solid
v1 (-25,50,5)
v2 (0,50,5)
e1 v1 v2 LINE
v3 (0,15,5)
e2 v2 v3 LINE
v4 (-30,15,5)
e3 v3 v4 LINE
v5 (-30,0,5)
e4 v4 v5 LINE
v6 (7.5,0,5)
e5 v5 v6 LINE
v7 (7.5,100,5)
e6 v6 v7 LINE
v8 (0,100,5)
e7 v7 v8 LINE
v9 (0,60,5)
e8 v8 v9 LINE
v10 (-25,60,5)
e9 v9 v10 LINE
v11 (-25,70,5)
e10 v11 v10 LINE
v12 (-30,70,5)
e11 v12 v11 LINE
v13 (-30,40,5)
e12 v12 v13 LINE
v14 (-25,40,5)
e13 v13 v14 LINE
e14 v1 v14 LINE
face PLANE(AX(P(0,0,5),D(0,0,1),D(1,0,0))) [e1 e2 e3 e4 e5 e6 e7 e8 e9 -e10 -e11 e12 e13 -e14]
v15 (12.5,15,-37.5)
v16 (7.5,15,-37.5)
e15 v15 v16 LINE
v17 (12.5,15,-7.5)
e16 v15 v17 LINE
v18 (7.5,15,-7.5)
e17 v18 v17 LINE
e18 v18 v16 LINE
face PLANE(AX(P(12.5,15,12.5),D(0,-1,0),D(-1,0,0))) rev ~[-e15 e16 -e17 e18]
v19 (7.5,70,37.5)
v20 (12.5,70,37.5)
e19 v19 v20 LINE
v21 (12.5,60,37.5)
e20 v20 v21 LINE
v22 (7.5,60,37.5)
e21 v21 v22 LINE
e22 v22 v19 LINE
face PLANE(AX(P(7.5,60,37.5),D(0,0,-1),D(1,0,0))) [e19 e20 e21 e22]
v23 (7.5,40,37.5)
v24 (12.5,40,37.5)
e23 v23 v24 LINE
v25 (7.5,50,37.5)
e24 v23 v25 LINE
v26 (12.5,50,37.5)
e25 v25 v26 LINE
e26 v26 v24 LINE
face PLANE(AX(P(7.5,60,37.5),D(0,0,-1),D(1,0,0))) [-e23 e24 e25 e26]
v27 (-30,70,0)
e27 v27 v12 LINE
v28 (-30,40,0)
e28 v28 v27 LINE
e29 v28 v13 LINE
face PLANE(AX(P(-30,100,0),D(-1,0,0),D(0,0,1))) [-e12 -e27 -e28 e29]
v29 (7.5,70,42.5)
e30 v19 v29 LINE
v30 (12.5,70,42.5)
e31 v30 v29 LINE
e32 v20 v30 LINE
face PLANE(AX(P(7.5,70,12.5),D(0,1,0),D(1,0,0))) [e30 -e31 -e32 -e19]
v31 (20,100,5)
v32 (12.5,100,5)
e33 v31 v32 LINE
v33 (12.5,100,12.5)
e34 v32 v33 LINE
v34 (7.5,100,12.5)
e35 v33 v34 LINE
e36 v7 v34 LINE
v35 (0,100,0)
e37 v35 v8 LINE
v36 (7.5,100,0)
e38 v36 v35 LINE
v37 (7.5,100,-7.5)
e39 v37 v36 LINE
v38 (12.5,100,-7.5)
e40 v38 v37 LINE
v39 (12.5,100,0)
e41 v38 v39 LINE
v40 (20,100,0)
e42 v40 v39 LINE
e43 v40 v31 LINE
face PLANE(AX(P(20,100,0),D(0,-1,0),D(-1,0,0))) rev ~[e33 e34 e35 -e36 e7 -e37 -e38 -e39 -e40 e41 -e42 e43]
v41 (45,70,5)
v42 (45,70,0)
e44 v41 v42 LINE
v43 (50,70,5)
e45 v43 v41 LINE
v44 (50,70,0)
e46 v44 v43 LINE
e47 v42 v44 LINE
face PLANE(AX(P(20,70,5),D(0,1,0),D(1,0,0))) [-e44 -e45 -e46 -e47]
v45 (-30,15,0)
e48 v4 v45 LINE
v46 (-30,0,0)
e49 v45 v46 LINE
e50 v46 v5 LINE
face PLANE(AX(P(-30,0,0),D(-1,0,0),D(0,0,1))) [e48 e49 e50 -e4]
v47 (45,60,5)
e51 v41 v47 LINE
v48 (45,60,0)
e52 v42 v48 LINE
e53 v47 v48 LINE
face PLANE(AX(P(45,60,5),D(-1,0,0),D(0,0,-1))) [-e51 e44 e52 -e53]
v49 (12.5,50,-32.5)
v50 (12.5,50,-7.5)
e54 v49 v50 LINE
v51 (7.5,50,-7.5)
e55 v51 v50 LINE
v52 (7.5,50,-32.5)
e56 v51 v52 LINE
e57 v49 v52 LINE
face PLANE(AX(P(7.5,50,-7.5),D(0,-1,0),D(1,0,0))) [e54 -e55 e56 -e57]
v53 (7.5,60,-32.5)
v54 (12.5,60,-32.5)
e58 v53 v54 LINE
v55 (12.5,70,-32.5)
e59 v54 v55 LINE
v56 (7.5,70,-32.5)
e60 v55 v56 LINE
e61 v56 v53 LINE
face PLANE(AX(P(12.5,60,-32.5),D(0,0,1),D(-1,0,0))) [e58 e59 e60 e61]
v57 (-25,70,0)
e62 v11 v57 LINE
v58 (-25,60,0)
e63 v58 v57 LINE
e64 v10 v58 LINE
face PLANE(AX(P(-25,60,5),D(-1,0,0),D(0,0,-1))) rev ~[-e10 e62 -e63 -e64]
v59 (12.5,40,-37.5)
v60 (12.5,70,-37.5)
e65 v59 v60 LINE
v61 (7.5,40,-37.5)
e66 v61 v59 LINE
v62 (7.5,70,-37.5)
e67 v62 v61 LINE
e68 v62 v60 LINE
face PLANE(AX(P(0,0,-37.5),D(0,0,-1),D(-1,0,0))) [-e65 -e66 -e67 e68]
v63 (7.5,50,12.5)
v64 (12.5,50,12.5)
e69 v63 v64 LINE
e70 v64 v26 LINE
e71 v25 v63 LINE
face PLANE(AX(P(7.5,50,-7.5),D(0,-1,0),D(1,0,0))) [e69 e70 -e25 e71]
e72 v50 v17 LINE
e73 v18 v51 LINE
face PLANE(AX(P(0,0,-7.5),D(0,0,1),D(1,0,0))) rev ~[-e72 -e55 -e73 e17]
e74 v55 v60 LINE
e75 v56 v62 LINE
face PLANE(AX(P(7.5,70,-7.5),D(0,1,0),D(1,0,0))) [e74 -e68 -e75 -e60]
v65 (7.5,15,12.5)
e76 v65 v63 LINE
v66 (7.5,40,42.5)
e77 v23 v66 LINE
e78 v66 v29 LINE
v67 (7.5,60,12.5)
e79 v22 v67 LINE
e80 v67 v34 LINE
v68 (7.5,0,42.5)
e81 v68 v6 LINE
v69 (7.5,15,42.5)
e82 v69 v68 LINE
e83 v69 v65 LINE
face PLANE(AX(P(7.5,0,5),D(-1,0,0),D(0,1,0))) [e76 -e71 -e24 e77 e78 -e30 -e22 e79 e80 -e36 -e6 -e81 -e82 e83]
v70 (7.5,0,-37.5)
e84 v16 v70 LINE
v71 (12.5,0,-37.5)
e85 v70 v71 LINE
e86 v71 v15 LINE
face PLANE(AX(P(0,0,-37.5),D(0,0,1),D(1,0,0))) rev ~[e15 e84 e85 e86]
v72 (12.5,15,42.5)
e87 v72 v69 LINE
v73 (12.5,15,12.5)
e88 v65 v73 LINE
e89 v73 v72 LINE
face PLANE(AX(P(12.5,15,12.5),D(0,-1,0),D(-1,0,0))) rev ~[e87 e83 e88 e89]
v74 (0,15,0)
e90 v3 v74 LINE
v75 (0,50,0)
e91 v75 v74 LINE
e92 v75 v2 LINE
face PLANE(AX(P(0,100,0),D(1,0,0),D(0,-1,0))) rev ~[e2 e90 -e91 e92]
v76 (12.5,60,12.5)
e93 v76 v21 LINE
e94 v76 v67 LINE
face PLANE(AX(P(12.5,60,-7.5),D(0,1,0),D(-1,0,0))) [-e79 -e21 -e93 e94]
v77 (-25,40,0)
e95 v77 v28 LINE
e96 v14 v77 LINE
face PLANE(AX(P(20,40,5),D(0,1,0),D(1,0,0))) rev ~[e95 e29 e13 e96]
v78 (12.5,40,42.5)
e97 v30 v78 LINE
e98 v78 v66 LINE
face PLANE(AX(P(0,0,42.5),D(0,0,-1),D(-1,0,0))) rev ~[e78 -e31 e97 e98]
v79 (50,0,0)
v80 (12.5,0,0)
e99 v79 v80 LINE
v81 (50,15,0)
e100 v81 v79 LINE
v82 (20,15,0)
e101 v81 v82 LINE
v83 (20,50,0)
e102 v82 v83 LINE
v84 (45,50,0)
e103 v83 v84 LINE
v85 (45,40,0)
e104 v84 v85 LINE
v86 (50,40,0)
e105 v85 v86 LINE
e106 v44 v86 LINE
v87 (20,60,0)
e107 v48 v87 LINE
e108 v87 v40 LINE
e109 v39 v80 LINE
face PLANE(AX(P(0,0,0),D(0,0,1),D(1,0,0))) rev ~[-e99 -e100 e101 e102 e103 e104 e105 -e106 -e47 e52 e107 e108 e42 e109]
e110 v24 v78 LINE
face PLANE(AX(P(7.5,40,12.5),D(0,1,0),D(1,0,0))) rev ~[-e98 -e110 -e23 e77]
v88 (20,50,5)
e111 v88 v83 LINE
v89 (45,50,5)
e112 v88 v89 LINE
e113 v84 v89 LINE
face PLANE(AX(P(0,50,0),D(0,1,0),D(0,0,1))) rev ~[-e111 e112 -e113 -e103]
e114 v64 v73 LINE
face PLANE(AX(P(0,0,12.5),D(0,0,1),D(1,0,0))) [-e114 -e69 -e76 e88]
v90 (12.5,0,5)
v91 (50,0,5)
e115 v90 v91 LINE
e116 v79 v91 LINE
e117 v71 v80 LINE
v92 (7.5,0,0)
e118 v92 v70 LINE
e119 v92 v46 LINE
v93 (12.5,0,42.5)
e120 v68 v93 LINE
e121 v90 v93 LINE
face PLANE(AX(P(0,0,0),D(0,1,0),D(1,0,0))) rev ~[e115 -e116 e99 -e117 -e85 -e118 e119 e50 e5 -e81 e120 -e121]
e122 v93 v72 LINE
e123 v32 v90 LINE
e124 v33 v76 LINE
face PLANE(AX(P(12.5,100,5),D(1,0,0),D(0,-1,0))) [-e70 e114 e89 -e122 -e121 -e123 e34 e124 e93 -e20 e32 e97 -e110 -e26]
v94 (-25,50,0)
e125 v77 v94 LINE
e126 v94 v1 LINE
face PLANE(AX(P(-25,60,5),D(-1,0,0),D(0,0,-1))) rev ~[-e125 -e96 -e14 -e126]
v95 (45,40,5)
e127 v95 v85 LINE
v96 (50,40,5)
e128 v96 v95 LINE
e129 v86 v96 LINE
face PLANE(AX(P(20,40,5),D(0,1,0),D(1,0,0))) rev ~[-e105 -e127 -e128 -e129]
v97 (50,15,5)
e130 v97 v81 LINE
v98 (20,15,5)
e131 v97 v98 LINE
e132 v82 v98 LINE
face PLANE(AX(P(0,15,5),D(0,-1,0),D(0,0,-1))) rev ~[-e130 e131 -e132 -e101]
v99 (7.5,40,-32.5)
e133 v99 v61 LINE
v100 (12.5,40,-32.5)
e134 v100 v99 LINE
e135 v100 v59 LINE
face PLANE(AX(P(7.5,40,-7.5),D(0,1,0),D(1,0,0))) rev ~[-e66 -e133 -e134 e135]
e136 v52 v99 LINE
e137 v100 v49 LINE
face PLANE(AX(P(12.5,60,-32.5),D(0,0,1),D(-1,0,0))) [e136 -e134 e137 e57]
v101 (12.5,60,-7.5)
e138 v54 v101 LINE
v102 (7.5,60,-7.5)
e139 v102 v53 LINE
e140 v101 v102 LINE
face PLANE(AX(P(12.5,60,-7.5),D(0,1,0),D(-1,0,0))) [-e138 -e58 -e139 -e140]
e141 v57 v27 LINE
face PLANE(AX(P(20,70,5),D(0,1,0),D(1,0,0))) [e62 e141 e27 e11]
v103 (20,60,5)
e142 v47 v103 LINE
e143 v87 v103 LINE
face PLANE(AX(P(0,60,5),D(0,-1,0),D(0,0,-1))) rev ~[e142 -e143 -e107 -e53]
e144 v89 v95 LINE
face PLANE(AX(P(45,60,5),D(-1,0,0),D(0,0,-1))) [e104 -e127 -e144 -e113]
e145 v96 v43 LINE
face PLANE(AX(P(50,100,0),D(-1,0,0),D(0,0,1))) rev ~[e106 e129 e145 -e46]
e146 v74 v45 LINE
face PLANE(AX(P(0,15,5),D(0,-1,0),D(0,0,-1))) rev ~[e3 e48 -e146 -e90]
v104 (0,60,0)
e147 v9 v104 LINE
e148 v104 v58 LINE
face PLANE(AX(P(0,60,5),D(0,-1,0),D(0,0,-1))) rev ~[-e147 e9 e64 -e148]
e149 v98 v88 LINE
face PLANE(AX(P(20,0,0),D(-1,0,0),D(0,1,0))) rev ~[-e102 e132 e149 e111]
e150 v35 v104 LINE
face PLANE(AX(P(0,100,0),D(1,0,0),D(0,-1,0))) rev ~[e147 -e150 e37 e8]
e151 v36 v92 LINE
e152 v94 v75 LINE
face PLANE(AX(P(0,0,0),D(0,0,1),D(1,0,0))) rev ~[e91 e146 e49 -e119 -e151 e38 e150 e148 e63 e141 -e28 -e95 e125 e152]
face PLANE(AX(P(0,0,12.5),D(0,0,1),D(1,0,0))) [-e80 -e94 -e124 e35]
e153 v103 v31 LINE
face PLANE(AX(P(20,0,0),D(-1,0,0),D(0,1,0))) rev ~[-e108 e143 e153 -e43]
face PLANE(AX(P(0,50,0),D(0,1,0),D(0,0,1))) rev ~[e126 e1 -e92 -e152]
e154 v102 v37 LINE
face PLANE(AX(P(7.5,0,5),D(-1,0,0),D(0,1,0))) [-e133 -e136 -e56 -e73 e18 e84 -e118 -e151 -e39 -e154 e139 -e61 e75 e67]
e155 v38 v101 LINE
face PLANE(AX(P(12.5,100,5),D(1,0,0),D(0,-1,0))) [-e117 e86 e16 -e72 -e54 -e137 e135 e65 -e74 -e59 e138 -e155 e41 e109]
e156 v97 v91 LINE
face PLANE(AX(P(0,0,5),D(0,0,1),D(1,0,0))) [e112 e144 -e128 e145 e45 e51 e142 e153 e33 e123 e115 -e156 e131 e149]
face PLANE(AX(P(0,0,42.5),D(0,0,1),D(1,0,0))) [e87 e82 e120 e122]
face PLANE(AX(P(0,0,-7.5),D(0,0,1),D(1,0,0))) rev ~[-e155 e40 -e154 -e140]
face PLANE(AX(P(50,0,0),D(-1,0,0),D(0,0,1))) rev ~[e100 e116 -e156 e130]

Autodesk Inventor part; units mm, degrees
ref_plane "YZ Plane" through (0, 0, 0) normal (1, 0, 0) x (0, 1, 0)
ref_plane "XZ Plane" through (0, 0, 0) normal (0, 1, 0) x (-1, 0, 0)
ref_plane "XY Plane" through (0, 0, 0) normal (0, 0, 1) x (1, 0, 0)
sketch "Esquisse1" plane through (0, 0, 0) normal (0, 0, 1) x (1, 0, 0)
  point P0 (0, 0)
sketch "Esquisse2" plane through (0, 0, 0) normal (0, 0, 1) x (1, 0, 0)
  line L0 (0, 0) -> (20, 0)
  line L1 (20, 0) -> (20, 100)
  line L2 (20, 100) -> (0, 100)
  line L3 (0, 100) -> (0, 0)
  dimension "d0" = 100
  dimension "d1" = 20
extrude "Extrusion1" add sketch "Esquisse2" along normal blind 5
sketch "Esquisse3" plane through (0, 0, 5) normal (0, 0, 1) x (1, 0, 0)
  line L0 (20, 100) -> (0, 100) projected
  line L1 (0, 0) -> (20, 0) projected
  line L2 (7.5, 100) -> (12.5, 100)
  line L3 (12.5, 100) -> (12.5, 0)
  line L4 (12.5, 0) -> (7.5, 0)
  line L5 (7.5, 0) -> (7.5, 100)
  line L6 (20, 0) -> (20, 100) projected
  line L7 (0, 100) -> (0, 0) projected
  dimension "d4" = 7.5
  dimension "d5" = 7.5
extrude "Extrusion2" add sketch "Esquisse3" along normal blind 7.5 and the other way blind 12.5 contours L3 L1 L5 L0
sketch "Esquisse4" plane through (0, 0, 12.5) normal (0, 0, 1) x (1, 0, 0)
  line L0 (12.5, 0) -> (12.5, 100) projected
  line L1 (7.5, 0) -> (12.5, 0)
  line L2 (12.5, 0) -> (12.5, 15)
  line L3 (12.5, 15) -> (7.5, 15)
  line L4 (7.5, 15) -> (7.5, 0)
  point P0 (0, 0)
  dimension "d10" = 15
extrude "Extrusion3" add sketch "Esquisse4" along normal blind 30 and the other way blind 50
sketch "Esquisse5" plane through (0, 0, 0) normal (-1, 0, 0) x (0, 0, 1)
  line L0 (5, 100) -> (5, 0) projected
  line L1 (0, 0) -> (5, 0)
  line L2 (5, 0) -> (5, 15)
  line L3 (5, 15) -> (0, 15)
  line L4 (0, 15) -> (0, 0)
  dimension "d15" = 15
extrude "Extrusion4" add sketch "Esquisse5" along normal blind 30 and the other way blind 50
sketch "Esquisse6" plane through (0, 100, 0) normal (-1, 0, 0) x (0, 0, 1)
  line L0 (5, 0) -> (5, -85) projected
  line L1 (0, -50) -> (5, -50)
  line L2 (5, -50) -> (5, -40)
  line L3 (5, -40) -> (0, -40)
  line L4 (0, -40) -> (0, -50)
  line L5 (0, 0) -> (5, 0) projected
  line L6 (0, -85) -> (5, -85) projected
  point P0 (0, -100)
  dimension "d20" = 40
  dimension "d22" = 35
extrude "Extrusion5" add sketch "Esquisse6" along normal blind 30 and the other way blind 50
sketch "Esquisse7" plane through (20, 60, 5) normal (0, 1, 0) x (1, 0, 0)
  line L0 (-20, 5) -> (-50, 5) projected
  line L1 (-50, 0) -> (-45, 0)
  line L2 (-45, 0) -> (-45, 5)
  line L3 (-45, 5) -> (-50, 5)
  line L4 (-50, 5) -> (-50, 0)
  dimension "d27" = 5
  dimension "d28" = 5
  dimension "d29" = 5
extrude "Extrusion6" add sketch "Esquisse7" along normal blind 10 and the other way blind 20
sketch "Esquisse8" plane through (20, 60, 5) normal (0, 1, 0) x (1, 0, 0)
  line L0 (30, 0) -> (25, 0)
  line L1 (25, 0) -> (25, 5)
  line L2 (25, 5) -> (30, 5)
  line L3 (30, 5) -> (30, 0)
  point P0 (-20, 5)
  dimension "d34" = 5
  dimension "d35" = 5
extrude "Extrusion7" add sketch "Esquisse8" along normal blind 10 and the other way blind 20
sketch "Esquisse9" plane through (0, 0, -7.5) normal (0, 0, -1) x (-1, 0, 0)
  line L0 (-7.5, 15) -> (-7.5, 100) projected
  line L1 (-12.5, 60) -> (-7.5, 60)
  line L2 (-7.5, 60) -> (-7.5, 50)
  line L3 (-7.5, 50) -> (-12.5, 50)
  line L4 (-12.5, 50) -> (-12.5, 60)
  line L5 (-7.5, 100) -> (-12.5, 100) projected
  line L6 (-12.5, 15) -> (-7.5, 15) projected
  point P0 (0, 0)
  dimension "d40" = 5
  dimension "d41" = 40
  dimension "d42" = 35
extrude "Extrusion8" add sketch "Esquisse9" along normal blind 30 and the other way blind 50
sketch "Esquisse10" plane through (7.5, 60, 12.5) normal (0, 1, 0) x (1, 0, 0)
  line L0 (0, 0) -> (0, -30) projected
  line L1 (5, -30) -> (0, -30)
  line L2 (0, -30) -> (0, -25)
  line L3 (0, -25) -> (5, -25)
  line L4 (5, -25) -> (5, -30)
  point P0 (-7.5, 12.5)
  dimension "d47" = 5
extrude "Extrusion9" add sketch "Esquisse10" along normal blind 10 and the other way blind 20
sketch "Esquisse11" plane through (7.5, 60, -7.5) normal (0, 1, 0) x (1, 0, 0)
  line L0 (5, 0) -> (5, 30) projected
  line L1 (0, 30) -> (5, 30)
  line L2 (5, 30) -> (5, 25)
  line L3 (5, 25) -> (0, 25)
  line L4 (0, 25) -> (0, 30)
  point P0 (-7.5, -7.5)
  dimension "d52" = 5
extrude "Extrusion10" add sketch "Esquisse11" along normal blind 10 and the other way blind 20
